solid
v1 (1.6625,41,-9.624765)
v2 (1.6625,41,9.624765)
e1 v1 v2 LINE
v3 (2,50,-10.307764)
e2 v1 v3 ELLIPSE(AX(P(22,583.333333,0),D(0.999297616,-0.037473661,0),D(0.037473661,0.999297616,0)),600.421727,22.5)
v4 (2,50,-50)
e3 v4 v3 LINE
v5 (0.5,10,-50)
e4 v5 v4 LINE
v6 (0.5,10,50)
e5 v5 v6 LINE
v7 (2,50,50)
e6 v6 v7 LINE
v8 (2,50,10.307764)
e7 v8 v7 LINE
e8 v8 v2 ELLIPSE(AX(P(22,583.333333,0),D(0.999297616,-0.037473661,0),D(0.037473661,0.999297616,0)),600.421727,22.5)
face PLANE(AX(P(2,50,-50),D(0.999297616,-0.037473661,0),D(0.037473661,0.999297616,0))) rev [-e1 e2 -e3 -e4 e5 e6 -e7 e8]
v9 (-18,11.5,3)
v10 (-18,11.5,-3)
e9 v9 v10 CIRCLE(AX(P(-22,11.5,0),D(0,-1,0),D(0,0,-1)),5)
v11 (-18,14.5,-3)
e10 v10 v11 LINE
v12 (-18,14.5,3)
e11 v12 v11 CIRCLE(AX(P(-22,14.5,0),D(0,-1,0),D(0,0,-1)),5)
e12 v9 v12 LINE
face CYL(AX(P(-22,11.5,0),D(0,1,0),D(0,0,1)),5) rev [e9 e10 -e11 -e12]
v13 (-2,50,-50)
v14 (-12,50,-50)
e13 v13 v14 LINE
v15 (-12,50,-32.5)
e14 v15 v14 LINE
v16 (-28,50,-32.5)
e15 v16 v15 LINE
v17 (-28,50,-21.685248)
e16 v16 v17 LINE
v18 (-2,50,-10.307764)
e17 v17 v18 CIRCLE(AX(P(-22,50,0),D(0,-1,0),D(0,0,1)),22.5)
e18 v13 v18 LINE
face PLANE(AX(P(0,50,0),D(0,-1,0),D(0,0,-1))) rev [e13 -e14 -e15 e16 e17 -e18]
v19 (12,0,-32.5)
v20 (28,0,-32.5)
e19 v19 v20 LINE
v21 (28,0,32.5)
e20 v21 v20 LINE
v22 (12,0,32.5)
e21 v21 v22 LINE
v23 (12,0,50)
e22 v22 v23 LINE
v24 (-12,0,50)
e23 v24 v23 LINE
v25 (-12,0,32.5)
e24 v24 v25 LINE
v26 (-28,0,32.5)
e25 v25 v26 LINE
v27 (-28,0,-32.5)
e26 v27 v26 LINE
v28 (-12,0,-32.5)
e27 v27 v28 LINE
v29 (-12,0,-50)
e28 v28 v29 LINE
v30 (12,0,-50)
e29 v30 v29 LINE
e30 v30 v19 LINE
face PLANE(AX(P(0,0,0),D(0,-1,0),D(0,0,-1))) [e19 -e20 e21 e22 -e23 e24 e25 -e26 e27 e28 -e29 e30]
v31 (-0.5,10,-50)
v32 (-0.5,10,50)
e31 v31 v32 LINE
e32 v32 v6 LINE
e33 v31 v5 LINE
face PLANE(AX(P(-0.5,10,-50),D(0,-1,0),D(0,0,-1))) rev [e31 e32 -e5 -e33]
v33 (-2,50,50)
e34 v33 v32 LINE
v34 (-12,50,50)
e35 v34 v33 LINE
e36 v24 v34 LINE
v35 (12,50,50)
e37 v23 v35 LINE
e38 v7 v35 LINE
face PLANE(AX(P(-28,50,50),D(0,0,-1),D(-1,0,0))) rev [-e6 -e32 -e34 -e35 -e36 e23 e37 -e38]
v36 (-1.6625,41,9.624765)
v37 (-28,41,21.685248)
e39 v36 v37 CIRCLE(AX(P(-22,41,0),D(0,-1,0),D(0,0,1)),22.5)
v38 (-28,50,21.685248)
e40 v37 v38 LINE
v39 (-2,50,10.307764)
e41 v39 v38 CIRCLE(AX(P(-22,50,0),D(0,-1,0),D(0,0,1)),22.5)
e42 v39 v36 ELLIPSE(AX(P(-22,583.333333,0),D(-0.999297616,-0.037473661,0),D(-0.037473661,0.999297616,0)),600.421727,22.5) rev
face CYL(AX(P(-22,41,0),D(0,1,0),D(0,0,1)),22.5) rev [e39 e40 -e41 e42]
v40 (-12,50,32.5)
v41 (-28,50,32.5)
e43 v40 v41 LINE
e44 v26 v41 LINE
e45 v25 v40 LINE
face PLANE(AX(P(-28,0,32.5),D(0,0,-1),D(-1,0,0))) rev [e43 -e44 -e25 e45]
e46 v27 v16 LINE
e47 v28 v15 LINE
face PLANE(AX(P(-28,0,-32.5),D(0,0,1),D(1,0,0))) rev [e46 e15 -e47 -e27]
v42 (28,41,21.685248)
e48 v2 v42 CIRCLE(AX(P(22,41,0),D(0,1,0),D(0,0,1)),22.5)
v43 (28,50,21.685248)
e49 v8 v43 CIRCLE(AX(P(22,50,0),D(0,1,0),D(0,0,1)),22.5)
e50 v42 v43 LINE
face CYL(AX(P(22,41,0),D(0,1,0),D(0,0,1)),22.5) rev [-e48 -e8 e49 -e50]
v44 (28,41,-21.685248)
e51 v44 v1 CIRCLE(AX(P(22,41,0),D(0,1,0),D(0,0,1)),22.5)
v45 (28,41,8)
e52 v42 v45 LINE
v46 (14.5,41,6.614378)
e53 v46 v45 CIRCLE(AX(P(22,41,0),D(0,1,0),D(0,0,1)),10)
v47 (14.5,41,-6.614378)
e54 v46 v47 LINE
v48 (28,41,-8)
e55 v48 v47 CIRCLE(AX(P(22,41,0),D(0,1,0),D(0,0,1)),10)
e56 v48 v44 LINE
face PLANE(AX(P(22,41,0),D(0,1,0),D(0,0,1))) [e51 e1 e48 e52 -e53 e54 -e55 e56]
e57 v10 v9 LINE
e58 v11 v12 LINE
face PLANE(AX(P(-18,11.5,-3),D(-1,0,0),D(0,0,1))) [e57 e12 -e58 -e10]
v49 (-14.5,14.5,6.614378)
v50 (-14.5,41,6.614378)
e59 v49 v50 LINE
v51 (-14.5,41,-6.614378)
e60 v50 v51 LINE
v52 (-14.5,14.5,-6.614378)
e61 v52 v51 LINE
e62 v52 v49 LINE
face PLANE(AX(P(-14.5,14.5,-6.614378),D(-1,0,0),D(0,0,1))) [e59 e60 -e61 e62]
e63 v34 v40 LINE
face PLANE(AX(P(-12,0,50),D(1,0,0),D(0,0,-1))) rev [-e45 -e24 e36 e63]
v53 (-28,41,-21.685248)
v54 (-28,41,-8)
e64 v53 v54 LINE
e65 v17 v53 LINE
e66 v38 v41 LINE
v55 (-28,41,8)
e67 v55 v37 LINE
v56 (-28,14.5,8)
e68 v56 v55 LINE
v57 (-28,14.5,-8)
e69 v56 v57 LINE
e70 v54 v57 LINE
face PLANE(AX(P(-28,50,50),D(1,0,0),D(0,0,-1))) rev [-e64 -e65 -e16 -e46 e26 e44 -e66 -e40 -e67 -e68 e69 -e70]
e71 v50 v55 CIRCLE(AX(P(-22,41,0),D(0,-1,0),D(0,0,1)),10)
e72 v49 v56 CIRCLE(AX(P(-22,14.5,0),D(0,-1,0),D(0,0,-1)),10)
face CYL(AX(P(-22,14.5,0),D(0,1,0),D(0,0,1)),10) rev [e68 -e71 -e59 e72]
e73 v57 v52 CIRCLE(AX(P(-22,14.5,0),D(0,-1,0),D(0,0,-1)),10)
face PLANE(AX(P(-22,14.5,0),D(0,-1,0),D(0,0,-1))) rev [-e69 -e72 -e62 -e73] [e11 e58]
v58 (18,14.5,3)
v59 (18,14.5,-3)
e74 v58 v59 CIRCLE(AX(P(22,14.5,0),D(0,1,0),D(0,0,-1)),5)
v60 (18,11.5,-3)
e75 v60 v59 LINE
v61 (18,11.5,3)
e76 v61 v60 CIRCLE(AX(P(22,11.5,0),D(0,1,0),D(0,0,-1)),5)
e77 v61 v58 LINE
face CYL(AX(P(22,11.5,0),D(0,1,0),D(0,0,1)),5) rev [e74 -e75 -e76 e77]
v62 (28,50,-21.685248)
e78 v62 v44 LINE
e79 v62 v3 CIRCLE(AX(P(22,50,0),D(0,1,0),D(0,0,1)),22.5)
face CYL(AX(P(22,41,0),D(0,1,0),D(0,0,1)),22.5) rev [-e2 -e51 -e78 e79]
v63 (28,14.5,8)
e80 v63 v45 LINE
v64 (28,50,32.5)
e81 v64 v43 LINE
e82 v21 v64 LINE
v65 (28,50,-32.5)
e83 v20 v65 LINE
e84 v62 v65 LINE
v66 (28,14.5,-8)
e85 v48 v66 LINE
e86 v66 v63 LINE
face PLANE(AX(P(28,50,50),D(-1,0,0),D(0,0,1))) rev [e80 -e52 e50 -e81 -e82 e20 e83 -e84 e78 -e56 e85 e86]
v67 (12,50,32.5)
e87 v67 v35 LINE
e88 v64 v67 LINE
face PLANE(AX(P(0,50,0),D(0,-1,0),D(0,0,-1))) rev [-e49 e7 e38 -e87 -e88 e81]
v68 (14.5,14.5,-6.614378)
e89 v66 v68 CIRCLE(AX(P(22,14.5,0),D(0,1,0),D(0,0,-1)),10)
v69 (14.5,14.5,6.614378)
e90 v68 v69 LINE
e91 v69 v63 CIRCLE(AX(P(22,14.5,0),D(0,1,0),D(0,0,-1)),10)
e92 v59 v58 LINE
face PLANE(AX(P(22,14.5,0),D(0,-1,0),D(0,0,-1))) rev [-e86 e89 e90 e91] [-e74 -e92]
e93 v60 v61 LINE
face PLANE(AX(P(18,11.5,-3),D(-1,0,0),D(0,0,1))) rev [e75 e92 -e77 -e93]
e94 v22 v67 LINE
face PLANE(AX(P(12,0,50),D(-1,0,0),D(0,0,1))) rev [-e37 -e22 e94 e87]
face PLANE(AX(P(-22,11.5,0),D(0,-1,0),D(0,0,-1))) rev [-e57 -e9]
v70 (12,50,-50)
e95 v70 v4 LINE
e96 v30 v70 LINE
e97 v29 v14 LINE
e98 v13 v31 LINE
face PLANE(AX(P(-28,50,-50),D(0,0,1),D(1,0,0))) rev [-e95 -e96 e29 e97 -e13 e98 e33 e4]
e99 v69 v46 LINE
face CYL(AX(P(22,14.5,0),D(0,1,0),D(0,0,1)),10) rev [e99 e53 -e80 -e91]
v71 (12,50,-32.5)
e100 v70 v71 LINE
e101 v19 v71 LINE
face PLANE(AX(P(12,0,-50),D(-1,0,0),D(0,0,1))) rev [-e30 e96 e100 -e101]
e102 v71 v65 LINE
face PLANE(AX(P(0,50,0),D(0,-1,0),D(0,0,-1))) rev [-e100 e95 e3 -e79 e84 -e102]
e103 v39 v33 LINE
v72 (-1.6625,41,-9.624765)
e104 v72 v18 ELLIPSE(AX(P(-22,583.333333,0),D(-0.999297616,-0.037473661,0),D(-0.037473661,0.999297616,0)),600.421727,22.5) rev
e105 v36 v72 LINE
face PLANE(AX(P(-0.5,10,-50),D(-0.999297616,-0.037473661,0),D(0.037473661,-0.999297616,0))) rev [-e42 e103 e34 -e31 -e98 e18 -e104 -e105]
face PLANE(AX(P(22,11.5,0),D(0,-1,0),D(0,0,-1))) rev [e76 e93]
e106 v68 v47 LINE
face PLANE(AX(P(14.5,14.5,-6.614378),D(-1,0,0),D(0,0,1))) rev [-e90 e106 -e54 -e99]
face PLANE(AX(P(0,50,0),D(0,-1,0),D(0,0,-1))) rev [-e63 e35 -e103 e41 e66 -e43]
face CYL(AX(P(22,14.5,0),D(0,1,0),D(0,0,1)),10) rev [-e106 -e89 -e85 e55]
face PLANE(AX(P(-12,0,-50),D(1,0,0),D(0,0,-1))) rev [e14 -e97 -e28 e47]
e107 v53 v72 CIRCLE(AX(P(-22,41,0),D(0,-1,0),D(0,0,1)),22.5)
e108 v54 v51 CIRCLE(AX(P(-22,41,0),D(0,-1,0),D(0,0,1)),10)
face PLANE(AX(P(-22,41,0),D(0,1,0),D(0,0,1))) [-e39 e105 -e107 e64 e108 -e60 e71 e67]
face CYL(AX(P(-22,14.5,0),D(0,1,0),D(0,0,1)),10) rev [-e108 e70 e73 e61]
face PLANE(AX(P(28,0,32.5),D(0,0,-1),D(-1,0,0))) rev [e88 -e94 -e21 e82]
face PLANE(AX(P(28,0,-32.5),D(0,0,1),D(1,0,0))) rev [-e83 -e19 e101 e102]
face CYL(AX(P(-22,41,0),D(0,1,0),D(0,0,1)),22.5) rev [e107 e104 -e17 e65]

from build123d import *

# Parameters (mm, degrees)
SKETCH1_W           = 56
SKETCH1_H           = 100
BOSS_EXTRUDE1_DEPTH = 50
CUT_EXTRUDE2_DEPTH  = 116.256236274
SKETCH7_R           = 22.5
SKETCH7_R_2         = 10
CUT_EXTRUDE4_DEPTH  = 9
CUT_EXTRUDE5_DEPTH  = 35.5
CUT_EXTRUDE6_DEPTH  = 3
CUT_EXTRUDE7_DEPTH  = 9
SKETCH12_W          = 16
SKETCH12_H          = 17.5
CUT_EXTRUDE8_DEPTH  = 77.052613367


with BuildPart() as part:
    # Sketch1 → Boss-Extrude1 (new body)
    with BuildSketch(Plane(origin=(0, 0, 0), x_dir=(1, 0, 0), z_dir=(0, 1, 0))):
        Rectangle(SKETCH1_W, SKETCH1_H)
    extrude(amount=BOSS_EXTRUDE1_DEPTH)

    # Sketch3 → Cut-Extrude2 (cut, through all)
    with BuildSketch(Plane.XY.offset(50)):
        Polygon((-0.5, 10), (-2, 50), (2, 50), (0.5, 10), align=None)
    extrude(amount=-CUT_EXTRUDE2_DEPTH, mode=Mode.SUBTRACT)

    # Sketch7 → Cut-Extrude4 (cut)
    with BuildSketch(Plane(origin=(0, 50, 0), x_dir=(1, 0, 0), z_dir=(0, 1, 0))):
        with Locations((22, 0)):
            Circle(SKETCH7_R)
        with Locations((22, 0)):
            Circle(SKETCH7_R_2, mode=Mode.SUBTRACT)
    cut_extrude4 = extrude(amount=-CUT_EXTRUDE4_DEPTH, mode=Mode.SUBTRACT)

    # Sketch9 → Cut-Extrude5 (cut)
    with BuildSketch(Plane(origin=(0, 50, 0), x_dir=(1, 0, 0), z_dir=(0, 1, 0))):
        with BuildLine():
            Line((14.5, 6.614378278), (14.5, -6.614378278))
            ThreePointArc((14.5, -6.614378278), (32, 0), (14.5, 6.614378278))
        make_face()
    cut_extrude5 = extrude(amount=-CUT_EXTRUDE5_DEPTH, mode=Mode.SUBTRACT)

    # Sketch10 → Cut-Extrude6 (cut)
    with BuildSketch(Plane(origin=(0, 14.5, 0), x_dir=(1, 0, 0), z_dir=(0, 1, 0))):
        with BuildLine():
            Line((18, 3), (18, -3))
            ThreePointArc((18, -3), (27, 0), (18, 3))
        make_face()
    cut_extrude6 = extrude(amount=-CUT_EXTRUDE6_DEPTH, mode=Mode.SUBTRACT)

    # Sketch11 → Cut-Extrude7 (cut)
    with BuildSketch(Plane(origin=(0, 50, 0), x_dir=(1, 0, 0), z_dir=(0, 1, 0))):
        with BuildLine():
            Line((14.5, 6.614378278), (14.5, -6.614378278))
            ThreePointArc((14.5, -6.614378278), (12, 0), (14.5, 6.614378278))
        make_face()
    cut_extrude7 = extrude(amount=-CUT_EXTRUDE7_DEPTH, mode=Mode.SUBTRACT)

    # Mirror1: Cut-Extrude4, Cut-Extrude5, Cut-Extrude6, Cut-Extrude7 across plane
    add(cut_extrude4.mirror(Plane(origin=(0, 0, 0), x_dir=(0, 0, 1), z_dir=(1, 0, 0))), mode=Mode.SUBTRACT)
    add(cut_extrude5.mirror(Plane(origin=(0, 0, 0), x_dir=(0, 0, 1), z_dir=(1, 0, 0))), mode=Mode.SUBTRACT)
    add(cut_extrude6.mirror(Plane(origin=(0, 0, 0), x_dir=(0, 0, 1), z_dir=(1, 0, 0))), mode=Mode.SUBTRACT)
    add(cut_extrude7.mirror(Plane(origin=(0, 0, 0), x_dir=(0, 0, 1), z_dir=(1, 0, 0))), mode=Mode.SUBTRACT)

    # Sketch12 → Cut-Extrude8 (cut, through all)
    with BuildSketch(Plane(origin=(0, 50, 0), x_dir=(1, 0, 0), z_dir=(0, 1, 0))):
        with Locations((-20, 41.25)):
            Rectangle(SKETCH12_W, SKETCH12_H)
        with Locations((20, 41.25)):
            Rectangle(SKETCH12_W, SKETCH12_H)
        with Locations((-20, -41.25)):
            Rectangle(SKETCH12_W, SKETCH12_H)
        with Locations((20, -41.25)):
            Rectangle(SKETCH12_W, SKETCH12_H)
    extrude(amount=-CUT_EXTRUDE8_DEPTH, mode=Mode.SUBTRACT)


solid = part.part
